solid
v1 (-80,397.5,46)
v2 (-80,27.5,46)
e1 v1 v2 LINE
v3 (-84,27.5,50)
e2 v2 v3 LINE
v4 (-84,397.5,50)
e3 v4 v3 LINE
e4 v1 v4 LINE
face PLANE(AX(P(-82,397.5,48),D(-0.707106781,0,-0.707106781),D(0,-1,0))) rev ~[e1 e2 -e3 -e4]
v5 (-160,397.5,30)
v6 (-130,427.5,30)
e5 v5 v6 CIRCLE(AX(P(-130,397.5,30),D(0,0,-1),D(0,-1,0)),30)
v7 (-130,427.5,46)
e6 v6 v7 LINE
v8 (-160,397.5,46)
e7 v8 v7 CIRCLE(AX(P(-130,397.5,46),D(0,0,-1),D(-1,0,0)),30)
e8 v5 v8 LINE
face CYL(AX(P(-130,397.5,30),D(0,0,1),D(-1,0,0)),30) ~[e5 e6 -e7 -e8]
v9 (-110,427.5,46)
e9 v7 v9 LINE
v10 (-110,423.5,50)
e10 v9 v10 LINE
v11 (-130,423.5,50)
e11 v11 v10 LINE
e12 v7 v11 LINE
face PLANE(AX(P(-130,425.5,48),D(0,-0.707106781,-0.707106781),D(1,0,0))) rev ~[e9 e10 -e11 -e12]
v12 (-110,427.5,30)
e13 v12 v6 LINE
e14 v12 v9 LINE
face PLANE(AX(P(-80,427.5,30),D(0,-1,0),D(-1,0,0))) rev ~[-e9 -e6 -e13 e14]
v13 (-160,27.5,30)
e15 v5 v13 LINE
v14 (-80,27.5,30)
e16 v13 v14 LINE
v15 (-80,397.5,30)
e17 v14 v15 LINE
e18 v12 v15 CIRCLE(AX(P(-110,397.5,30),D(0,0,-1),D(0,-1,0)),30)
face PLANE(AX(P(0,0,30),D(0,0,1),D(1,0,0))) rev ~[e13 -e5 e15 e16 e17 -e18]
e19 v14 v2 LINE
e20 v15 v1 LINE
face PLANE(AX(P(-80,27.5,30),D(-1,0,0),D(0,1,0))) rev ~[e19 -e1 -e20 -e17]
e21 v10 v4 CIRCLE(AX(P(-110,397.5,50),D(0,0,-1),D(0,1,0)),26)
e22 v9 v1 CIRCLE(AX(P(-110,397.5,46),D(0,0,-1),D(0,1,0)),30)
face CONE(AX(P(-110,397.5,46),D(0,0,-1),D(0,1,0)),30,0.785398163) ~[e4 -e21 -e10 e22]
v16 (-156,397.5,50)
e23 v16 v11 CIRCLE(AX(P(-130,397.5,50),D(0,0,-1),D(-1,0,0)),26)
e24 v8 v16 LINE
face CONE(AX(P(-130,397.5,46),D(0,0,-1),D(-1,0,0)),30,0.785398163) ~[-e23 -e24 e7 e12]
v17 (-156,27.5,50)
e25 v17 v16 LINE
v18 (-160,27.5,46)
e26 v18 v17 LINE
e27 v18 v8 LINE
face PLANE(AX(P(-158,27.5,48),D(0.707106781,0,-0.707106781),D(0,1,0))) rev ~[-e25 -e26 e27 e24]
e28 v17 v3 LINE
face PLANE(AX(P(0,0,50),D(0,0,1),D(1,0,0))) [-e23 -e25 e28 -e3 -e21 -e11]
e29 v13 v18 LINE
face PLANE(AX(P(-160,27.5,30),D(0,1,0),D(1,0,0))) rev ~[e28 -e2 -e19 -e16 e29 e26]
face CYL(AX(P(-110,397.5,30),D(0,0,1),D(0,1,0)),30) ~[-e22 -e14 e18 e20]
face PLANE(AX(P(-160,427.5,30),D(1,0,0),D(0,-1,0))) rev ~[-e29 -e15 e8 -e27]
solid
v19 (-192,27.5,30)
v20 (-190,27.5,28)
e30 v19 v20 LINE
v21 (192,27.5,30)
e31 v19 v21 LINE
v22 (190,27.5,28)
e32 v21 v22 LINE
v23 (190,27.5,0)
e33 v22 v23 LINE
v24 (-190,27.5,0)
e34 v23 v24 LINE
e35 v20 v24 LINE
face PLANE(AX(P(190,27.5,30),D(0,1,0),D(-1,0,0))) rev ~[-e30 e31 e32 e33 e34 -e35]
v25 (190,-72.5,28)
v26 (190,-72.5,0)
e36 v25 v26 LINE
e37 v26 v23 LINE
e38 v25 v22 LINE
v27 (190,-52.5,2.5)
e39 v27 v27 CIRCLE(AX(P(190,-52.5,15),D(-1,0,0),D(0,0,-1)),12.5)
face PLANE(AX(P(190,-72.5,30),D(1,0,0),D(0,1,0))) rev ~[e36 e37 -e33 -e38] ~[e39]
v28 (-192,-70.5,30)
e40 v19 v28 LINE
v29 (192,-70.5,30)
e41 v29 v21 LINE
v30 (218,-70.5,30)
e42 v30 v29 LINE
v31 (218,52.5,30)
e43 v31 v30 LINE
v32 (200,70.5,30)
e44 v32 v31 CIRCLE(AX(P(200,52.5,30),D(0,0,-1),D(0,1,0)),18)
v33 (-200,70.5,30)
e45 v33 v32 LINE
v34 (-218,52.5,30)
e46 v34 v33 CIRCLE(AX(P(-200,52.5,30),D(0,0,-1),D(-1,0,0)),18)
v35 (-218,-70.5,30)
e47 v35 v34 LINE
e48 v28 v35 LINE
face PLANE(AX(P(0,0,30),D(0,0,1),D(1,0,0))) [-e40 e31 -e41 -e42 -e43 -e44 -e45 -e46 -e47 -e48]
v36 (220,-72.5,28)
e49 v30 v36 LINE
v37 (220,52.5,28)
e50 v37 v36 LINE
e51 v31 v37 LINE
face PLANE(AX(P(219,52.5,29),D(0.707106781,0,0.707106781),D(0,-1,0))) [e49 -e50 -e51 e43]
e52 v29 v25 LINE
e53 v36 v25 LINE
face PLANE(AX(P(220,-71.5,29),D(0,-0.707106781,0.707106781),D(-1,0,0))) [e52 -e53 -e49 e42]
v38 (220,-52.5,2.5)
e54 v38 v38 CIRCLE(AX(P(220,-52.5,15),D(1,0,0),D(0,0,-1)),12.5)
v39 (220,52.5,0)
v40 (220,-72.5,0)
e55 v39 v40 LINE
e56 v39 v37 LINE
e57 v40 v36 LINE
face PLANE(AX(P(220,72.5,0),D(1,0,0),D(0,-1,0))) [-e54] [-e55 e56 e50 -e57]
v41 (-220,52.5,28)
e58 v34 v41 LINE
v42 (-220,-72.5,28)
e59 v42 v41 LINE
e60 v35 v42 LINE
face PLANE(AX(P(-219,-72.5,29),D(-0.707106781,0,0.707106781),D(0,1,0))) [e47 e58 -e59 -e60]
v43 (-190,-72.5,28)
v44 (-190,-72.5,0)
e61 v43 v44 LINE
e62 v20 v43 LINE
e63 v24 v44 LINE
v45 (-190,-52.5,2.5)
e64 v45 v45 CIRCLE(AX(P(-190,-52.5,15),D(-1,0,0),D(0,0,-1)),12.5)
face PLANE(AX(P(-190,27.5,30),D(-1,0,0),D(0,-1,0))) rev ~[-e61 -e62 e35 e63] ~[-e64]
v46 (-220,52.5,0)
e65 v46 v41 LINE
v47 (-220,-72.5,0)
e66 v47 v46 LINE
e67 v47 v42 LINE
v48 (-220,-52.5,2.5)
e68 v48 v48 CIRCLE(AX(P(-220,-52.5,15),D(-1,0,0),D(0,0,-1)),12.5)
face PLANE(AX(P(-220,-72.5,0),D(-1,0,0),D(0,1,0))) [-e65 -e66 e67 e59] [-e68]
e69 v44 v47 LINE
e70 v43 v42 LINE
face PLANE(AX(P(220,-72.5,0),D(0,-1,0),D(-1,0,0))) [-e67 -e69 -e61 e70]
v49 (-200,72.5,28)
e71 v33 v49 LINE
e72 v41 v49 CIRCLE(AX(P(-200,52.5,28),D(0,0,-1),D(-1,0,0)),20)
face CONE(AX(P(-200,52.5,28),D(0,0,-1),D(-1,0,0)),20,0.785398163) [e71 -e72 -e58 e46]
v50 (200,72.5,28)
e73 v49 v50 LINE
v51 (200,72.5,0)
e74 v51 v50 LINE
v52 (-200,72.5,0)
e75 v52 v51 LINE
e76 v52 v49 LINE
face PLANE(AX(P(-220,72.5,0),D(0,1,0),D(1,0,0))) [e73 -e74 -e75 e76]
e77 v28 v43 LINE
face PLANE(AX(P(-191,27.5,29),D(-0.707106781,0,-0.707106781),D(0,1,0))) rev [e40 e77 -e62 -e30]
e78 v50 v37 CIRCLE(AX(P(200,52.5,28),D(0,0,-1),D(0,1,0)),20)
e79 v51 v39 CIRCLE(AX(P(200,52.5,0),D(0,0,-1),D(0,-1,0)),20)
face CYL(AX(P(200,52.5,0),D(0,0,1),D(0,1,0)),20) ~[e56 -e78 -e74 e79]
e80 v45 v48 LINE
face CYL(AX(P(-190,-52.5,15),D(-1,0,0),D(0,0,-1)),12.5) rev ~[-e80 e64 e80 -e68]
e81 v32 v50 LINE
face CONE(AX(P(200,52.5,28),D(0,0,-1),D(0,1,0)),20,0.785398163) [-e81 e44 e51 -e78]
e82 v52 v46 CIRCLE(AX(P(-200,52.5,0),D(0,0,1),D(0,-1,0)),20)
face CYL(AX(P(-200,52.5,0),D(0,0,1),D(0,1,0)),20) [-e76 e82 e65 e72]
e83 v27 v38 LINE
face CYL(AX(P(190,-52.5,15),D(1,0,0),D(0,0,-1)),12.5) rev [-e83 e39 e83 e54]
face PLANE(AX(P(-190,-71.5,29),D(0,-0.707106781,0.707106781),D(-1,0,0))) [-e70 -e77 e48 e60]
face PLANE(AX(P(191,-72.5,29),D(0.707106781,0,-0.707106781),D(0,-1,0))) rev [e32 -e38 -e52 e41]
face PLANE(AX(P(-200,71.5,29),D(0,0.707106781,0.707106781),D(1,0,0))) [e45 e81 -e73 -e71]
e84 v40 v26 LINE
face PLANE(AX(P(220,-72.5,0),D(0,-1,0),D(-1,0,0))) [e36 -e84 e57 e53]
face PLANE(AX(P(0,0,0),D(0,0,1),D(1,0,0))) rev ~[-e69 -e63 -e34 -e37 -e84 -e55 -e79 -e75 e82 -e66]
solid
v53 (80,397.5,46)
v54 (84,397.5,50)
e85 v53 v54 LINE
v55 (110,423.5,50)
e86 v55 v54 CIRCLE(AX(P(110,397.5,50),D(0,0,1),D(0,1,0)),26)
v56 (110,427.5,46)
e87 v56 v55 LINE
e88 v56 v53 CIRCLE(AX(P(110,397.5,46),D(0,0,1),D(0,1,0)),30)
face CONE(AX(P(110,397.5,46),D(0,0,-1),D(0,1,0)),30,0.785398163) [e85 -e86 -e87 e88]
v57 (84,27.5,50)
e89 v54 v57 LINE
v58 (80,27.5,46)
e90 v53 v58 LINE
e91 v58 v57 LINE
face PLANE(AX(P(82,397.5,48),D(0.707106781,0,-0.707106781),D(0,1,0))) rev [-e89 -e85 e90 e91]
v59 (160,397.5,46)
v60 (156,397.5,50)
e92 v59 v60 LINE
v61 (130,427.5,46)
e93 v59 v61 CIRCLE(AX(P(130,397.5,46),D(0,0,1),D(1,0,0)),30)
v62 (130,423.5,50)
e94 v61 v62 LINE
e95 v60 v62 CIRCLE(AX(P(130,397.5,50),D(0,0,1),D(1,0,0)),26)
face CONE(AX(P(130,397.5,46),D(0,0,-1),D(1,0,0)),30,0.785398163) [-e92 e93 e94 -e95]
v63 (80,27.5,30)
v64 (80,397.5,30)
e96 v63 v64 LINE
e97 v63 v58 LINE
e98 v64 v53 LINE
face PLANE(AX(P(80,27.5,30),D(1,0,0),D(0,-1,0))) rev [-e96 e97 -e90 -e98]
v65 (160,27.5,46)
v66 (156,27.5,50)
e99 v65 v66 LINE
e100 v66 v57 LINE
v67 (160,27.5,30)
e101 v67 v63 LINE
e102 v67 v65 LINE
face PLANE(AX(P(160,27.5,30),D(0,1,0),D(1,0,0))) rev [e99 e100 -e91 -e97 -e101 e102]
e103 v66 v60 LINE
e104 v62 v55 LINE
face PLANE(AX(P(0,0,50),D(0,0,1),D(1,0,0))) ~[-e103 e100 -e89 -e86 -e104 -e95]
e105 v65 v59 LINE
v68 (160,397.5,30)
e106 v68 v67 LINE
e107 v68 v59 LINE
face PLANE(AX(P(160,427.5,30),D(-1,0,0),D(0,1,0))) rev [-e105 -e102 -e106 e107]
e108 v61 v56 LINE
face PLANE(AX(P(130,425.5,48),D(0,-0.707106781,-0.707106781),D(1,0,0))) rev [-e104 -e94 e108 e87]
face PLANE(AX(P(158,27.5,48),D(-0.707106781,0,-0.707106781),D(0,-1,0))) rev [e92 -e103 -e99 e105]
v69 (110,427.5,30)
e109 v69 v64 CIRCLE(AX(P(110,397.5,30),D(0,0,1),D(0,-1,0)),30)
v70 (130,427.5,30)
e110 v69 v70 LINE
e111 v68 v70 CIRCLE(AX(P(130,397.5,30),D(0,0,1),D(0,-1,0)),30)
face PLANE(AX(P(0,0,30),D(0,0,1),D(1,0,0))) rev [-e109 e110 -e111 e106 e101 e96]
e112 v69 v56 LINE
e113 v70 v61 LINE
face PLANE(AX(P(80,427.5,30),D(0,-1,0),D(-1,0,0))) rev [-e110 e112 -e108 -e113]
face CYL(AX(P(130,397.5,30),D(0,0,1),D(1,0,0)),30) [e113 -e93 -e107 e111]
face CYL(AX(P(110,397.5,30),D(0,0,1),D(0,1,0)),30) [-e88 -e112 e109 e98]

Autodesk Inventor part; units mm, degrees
ref_plane "YZ Plane" through (0, 0, 0) normal (1, 0, 0) x (0, 1, 0)
ref_plane "XZ Plane" through (0, 0, 0) normal (0, 1, 0) x (-1, 0, 0)
ref_plane "XY Plane" through (0, 0, 0) normal (0, 0, 1) x (1, 0, 0)
sketch "Sketch1" plane through (0, 0, 0) normal (0, 0, 1) x (1, 0, 0)
  line L0 (-220, 72.5) -> (220, 72.5)
  line L1 (220, 72.5) -> (220, -72.5)
  line L2 (220, -72.5) -> (-220, -72.5)
  line L3 (-220, -72.5) -> (-220, 72.5)
  line L4 (-220, 72.5) -> (220, -72.5) construction
  line L5 (220, 72.5) -> (-220, -72.5) construction
  point P0 (0, 0)
  dimension "d0" = 440
  dimension "d1" = 145
extrude "Extrusion1" add sketch "Sketch1" along normal blind 30
sketch "Sketch2" plane through (0, 0, 30) normal (0, 0, 1) x (1, 0, 0)
  line L0 (-220, -72.5) -> (220, -72.5) projected
  line L1 (-190, -72.5) -> (190, -72.5)
  line L2 (190, -72.5) -> (190, 27.5)
  line L3 (190, 27.5) -> (-190, 27.5)
  line L4 (-190, 27.5) -> (-190, -72.5)
  line L5 (220, -72.5) -> (220, 72.5) projected
  line L6 (0, 72.5) -> (0, -72.5) construction
  line L7 (220, 72.5) -> (-220, 72.5) construction
  point P0 (0, 0)
  dimension "d4" = 30
  dimension "d5" = 45
extrude "Extrusion2" cut sketch "Sketch2" against normal blind 30
fillet "Fillet1" radius 20 2 edges at (220, 72.5, 15) (-220, 72.5, 15)
sketch "Sketch3" plane through (0, 0, 30) normal (0, 0, 1) x (1, 0, 0)
  line L0 (-190, 27.5) -> (190, 27.5) projected
  line L1 (-160, 27.5) -> (-80, 27.5)
  line L2 (-80, 27.5) -> (-80, 427.5)
  line L3 (-80, 427.5) -> (-160, 427.5)
  line L4 (-160, 427.5) -> (-160, 27.5)
  line L5 (-220, 52.5) -> (-220, -72.5) projected
  line L6 (-220, -72.5) -> (-190, -72.5) projected
  point P0 (0, 0)
  point P1 (-205, -72.5)
  dimension "d9" = 60
  dimension "d10" = 80
  dimension "d11" = 500
extrude "Extrusion3" add sketch "Sketch3" along normal blind 20 separate body
fillet "Fillet2" radius 30 2 edges at (-160, 427.5, 40) (-80, 427.5, 40)
chamfer "Chamfer1" distance 4 angle 45 5 edges at (-151.2132, 418.7132, 50) (-120, 427.5, 50) (-88.7868, 418.7132, 50) (-80, 212.5, 50) (-160, 212.5, 50)
mirror "Mirror1" about plane through (0, 0, 0) normal (1, 0, 0) of "Extrusion3", "Fillet2", "Chamfer1" bodies 2
chamfer "Chamfer2" distance 2 angle 45 9 edges at (-190, -22.5, 30) (-205, -72.5, 30) (-220, -10, 30) (-214.1421, 66.6421, 30) (0, 72.5, 30) (214.1421, 66.6421, 30) (220, -10, 30) (190, -22.5, 30) (205, -72.5, 30)
sketch "Sketch4" plane through (-190, -72.5, 0) normal (1, 0, 0) x (0, 0, -1)
  line L0 (0, 0) -> (-28, 0) construction
  line L1 (0, 100) -> (0, 0) construction
  point P0 (0, 72.5)
  point P1 (-15, 20)
  point P2 (-14, 0)
  dimension "d21" = 20
  dimension "d22" = 15
hole "Hole1" at (-190, -52.5, 15) direction (-1, 0, 0) diameter 25 end through all bodies 1
mirror "Mirror2" about plane through (0, 0, 0) normal (1, 0, 0) of "Hole1" bodies 1
properties part number "Fork" material "Iron, Ductile"
